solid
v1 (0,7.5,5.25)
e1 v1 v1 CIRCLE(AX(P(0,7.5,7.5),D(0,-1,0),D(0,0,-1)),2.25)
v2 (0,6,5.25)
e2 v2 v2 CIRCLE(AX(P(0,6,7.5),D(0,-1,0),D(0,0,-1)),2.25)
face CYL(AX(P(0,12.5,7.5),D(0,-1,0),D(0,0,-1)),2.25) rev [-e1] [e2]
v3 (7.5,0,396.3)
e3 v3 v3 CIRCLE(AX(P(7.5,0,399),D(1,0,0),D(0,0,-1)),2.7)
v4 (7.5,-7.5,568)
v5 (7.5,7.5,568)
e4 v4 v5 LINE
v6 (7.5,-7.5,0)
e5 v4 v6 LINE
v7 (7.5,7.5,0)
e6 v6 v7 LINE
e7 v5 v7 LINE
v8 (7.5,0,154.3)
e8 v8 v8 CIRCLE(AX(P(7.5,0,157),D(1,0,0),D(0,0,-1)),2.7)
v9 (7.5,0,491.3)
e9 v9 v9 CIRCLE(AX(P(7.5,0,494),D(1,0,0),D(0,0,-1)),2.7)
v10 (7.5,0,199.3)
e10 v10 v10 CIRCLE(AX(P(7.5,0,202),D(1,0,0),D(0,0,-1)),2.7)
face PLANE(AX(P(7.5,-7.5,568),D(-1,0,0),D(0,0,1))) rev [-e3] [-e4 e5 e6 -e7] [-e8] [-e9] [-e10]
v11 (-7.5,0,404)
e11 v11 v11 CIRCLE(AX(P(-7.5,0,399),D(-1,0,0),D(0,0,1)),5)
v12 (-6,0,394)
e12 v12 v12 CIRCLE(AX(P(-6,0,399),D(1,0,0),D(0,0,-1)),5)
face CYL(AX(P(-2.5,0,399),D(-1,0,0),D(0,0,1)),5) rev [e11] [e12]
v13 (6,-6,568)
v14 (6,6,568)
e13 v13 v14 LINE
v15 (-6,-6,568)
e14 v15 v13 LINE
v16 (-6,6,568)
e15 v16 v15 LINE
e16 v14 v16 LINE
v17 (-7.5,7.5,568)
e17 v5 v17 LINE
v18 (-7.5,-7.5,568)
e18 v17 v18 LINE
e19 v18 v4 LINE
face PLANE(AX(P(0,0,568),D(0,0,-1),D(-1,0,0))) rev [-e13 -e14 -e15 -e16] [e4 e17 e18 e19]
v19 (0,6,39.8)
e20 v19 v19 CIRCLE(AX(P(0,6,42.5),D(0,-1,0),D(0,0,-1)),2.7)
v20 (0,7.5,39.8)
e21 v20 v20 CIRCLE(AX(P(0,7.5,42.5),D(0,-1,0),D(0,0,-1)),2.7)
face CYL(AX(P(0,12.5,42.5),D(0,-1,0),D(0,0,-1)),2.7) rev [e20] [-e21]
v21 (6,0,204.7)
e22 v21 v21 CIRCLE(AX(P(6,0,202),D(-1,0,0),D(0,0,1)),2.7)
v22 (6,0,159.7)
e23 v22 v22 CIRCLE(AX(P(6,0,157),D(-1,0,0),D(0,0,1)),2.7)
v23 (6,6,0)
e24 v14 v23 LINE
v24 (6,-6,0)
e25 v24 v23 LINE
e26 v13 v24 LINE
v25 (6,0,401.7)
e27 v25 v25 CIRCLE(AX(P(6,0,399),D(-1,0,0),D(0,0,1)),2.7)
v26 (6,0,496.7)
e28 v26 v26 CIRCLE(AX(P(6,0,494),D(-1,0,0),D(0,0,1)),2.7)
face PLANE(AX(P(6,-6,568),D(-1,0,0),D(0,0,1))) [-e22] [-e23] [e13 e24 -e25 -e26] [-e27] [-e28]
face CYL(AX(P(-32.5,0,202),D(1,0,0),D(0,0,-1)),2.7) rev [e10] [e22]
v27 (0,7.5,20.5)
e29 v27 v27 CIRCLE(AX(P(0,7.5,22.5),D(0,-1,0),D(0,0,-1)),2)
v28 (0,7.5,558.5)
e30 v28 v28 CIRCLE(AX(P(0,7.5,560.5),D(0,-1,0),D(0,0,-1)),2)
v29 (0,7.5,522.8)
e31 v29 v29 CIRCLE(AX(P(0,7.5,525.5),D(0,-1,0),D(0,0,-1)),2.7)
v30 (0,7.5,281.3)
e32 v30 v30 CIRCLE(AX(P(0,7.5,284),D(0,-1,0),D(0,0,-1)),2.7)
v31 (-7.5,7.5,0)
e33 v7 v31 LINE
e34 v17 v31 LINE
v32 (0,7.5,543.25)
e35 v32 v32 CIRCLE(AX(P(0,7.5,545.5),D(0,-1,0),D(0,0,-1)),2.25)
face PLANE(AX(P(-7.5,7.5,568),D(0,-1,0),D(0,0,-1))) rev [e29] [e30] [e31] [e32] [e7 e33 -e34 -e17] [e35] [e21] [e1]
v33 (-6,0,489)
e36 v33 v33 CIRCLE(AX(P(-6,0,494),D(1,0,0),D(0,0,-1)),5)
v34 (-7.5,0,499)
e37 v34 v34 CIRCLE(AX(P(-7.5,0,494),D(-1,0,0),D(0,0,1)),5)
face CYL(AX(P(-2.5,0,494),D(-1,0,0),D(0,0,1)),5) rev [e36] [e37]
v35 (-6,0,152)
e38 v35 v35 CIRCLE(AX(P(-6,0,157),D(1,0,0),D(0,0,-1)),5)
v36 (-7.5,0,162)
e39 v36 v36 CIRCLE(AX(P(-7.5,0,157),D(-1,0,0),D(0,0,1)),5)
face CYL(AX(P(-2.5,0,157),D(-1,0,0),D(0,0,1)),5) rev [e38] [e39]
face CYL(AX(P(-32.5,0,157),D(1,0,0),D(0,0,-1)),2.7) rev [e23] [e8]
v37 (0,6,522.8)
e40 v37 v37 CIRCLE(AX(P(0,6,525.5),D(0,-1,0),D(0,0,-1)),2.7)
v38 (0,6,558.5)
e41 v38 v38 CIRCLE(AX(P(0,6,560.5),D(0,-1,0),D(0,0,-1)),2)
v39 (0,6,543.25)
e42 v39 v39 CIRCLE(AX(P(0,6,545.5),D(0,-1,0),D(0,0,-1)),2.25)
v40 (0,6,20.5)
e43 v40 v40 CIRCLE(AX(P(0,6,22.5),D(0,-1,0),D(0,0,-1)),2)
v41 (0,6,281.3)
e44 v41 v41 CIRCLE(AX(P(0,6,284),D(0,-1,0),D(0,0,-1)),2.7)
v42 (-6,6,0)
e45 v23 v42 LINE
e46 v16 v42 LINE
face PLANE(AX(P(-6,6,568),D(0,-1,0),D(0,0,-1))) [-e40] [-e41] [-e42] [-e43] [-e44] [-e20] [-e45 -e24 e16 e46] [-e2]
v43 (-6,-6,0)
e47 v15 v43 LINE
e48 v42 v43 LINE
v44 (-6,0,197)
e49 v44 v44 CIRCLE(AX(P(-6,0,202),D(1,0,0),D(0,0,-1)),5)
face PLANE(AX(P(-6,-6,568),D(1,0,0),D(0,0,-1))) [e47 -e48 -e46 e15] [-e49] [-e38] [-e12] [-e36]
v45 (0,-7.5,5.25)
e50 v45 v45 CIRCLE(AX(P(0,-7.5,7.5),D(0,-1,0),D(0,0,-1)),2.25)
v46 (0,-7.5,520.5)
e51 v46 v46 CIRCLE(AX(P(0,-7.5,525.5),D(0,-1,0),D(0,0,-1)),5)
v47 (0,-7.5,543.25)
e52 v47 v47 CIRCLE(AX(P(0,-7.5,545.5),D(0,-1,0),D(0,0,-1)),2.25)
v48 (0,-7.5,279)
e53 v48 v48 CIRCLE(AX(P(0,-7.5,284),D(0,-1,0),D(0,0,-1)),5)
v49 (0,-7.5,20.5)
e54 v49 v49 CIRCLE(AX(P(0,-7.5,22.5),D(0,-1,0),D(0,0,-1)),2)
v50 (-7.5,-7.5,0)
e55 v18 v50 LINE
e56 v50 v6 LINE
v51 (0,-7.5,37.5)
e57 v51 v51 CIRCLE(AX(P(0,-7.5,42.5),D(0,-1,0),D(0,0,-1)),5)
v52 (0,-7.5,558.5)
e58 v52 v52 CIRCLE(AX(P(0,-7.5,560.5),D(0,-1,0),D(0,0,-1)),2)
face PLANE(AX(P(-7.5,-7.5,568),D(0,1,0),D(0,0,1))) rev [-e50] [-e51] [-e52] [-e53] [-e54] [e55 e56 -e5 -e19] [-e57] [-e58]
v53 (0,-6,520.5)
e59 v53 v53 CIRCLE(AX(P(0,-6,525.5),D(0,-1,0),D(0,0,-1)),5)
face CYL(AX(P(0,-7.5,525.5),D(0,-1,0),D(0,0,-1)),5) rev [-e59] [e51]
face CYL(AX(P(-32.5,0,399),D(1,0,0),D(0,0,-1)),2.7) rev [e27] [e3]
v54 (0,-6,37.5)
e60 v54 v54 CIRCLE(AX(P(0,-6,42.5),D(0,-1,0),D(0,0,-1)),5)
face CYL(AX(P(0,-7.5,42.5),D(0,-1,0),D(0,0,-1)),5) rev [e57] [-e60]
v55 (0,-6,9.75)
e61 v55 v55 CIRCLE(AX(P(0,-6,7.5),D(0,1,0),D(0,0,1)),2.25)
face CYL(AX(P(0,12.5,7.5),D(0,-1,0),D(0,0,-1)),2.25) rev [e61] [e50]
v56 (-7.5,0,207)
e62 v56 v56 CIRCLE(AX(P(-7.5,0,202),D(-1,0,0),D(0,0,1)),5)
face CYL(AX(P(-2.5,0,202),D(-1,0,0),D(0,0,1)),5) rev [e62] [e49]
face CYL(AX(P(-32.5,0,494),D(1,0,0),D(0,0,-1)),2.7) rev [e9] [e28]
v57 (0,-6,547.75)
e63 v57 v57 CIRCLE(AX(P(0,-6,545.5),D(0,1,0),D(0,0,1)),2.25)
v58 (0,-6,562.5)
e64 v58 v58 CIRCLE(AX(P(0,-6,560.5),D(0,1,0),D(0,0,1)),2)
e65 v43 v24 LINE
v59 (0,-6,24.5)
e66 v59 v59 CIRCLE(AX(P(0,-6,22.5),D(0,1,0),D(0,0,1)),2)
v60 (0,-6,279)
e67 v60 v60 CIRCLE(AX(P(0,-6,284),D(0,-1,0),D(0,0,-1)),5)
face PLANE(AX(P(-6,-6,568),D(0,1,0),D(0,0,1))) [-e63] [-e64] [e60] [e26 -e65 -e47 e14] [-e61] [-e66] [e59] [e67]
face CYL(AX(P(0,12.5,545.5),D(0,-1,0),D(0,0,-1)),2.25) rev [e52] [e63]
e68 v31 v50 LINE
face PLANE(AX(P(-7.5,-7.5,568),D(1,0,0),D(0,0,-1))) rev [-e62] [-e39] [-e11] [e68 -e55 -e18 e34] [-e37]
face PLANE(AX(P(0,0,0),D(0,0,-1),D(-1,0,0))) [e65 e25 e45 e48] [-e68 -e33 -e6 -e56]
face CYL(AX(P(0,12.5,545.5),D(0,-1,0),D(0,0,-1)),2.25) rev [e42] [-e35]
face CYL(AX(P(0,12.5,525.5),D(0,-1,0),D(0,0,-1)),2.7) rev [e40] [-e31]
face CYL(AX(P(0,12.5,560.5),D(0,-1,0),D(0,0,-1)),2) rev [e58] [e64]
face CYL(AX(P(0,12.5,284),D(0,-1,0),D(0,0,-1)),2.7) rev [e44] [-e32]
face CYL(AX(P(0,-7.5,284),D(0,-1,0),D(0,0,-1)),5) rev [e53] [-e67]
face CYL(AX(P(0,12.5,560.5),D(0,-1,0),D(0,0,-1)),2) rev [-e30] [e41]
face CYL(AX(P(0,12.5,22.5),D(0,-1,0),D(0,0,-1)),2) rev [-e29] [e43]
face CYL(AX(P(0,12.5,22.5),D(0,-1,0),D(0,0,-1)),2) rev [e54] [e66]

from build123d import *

# Parameters (mm, degrees)
SKETCH_1_W                  = 15
SKETCH_1_H                  = 15
SKETCH_1_W_2                = 12
SKETCH_1_H_2                = 12
EXTRUDE_1_DEPTH             = 568
SKETCH_5_R                  = 2
SKETCH_5_R_2                = 2.25
SKETCH_5_R_3                = 2.7
CUT_EXTRUDE_4_DEPTH         = 20
SKETCH_9_R                  = 2.7
CUT_EXTRUDE_6_DEPTH         = 40
SKETCH_10_R                 = 5
CUT_EXTRUDE_7_DEPTH         = 5
HOLE_WIZARD_10_0_10_2_D     = 10
HOLE_WIZARD_10_0_10_2_DEPTH = 1.5


with BuildPart() as part:
    # ｽｹｯﾁ1 → ﾎﾞｽ - 押し出し1 (new body)
    with BuildSketch(Plane.XY):
        Rectangle(SKETCH_1_W, SKETCH_1_H)
        Rectangle(SKETCH_1_W_2, SKETCH_1_H_2, mode=Mode.SUBTRACT)
    extrude(amount=EXTRUDE_1_DEPTH)

    # ｽｹｯﾁ5 → ｶｯﾄ - 押し出し4 (cut)
    with BuildSketch(Plane(origin=(0, -7.5, 0), x_dir=(-1, 0, 0), z_dir=(0, -1, 0))):
        with Locations((0, -22.5)):
            Circle(SKETCH_5_R)
        with Locations((0, -7.5)):
            Circle(SKETCH_5_R_2)
        with Locations((0, -560.5)):
            Circle(SKETCH_5_R)
        with Locations((0, -545.5)):
            Circle(SKETCH_5_R_2)
        with Locations((0, -42.5)):
            Circle(SKETCH_5_R_3)
        with Locations((0, -284)):
            Circle(SKETCH_5_R_3)
        with Locations((0, -525.5)):
            Circle(SKETCH_5_R_3)
    extrude(amount=-CUT_EXTRUDE_4_DEPTH, mode=Mode.SUBTRACT)

    # ｽｹｯﾁ9 → ｶｯﾄ - 押し出し6 (cut)
    with BuildSketch(Plane(origin=(7.5, 0, 0), x_dir=(0, 0, -1), z_dir=(1, 0, 0))):
        with Locations((-494, 0)):
            Circle(SKETCH_9_R)
        with Locations((-399, 0)):
            Circle(SKETCH_9_R)
        with Locations((-202, 0)):
            Circle(SKETCH_9_R)
        with Locations((-157, 0)):
            Circle(SKETCH_9_R)
    extrude(amount=-CUT_EXTRUDE_6_DEPTH, mode=Mode.SUBTRACT)

    # ｽｹｯﾁ10 → ｶｯﾄ - 押し出し7 (cut)
    with BuildSketch(Plane.ZY.offset(7.5)):
        with Locations((157, 0)):
            Circle(SKETCH_10_R)
        with Locations((202, 0)):
            Circle(SKETCH_10_R)
        with Locations((399, 0)):
            Circle(SKETCH_10_R)
        with Locations((494, 0)):
            Circle(SKETCH_10_R)
    extrude(amount=-CUT_EXTRUDE_7_DEPTH, mode=Mode.SUBTRACT)

    # Ø10.0 (10) 直径の穴2
    with Locations(Plane(origin=(0, -7.5, 0), x_dir=(-1, 0, 0), z_dir=(0, -1, 0))):
        with Locations((0, -42.5), (0, -284), (0, -525.5)):
            Hole(HOLE_WIZARD_10_0_10_2_D / 2, depth=HOLE_WIZARD_10_0_10_2_DEPTH)


solid = part.part
